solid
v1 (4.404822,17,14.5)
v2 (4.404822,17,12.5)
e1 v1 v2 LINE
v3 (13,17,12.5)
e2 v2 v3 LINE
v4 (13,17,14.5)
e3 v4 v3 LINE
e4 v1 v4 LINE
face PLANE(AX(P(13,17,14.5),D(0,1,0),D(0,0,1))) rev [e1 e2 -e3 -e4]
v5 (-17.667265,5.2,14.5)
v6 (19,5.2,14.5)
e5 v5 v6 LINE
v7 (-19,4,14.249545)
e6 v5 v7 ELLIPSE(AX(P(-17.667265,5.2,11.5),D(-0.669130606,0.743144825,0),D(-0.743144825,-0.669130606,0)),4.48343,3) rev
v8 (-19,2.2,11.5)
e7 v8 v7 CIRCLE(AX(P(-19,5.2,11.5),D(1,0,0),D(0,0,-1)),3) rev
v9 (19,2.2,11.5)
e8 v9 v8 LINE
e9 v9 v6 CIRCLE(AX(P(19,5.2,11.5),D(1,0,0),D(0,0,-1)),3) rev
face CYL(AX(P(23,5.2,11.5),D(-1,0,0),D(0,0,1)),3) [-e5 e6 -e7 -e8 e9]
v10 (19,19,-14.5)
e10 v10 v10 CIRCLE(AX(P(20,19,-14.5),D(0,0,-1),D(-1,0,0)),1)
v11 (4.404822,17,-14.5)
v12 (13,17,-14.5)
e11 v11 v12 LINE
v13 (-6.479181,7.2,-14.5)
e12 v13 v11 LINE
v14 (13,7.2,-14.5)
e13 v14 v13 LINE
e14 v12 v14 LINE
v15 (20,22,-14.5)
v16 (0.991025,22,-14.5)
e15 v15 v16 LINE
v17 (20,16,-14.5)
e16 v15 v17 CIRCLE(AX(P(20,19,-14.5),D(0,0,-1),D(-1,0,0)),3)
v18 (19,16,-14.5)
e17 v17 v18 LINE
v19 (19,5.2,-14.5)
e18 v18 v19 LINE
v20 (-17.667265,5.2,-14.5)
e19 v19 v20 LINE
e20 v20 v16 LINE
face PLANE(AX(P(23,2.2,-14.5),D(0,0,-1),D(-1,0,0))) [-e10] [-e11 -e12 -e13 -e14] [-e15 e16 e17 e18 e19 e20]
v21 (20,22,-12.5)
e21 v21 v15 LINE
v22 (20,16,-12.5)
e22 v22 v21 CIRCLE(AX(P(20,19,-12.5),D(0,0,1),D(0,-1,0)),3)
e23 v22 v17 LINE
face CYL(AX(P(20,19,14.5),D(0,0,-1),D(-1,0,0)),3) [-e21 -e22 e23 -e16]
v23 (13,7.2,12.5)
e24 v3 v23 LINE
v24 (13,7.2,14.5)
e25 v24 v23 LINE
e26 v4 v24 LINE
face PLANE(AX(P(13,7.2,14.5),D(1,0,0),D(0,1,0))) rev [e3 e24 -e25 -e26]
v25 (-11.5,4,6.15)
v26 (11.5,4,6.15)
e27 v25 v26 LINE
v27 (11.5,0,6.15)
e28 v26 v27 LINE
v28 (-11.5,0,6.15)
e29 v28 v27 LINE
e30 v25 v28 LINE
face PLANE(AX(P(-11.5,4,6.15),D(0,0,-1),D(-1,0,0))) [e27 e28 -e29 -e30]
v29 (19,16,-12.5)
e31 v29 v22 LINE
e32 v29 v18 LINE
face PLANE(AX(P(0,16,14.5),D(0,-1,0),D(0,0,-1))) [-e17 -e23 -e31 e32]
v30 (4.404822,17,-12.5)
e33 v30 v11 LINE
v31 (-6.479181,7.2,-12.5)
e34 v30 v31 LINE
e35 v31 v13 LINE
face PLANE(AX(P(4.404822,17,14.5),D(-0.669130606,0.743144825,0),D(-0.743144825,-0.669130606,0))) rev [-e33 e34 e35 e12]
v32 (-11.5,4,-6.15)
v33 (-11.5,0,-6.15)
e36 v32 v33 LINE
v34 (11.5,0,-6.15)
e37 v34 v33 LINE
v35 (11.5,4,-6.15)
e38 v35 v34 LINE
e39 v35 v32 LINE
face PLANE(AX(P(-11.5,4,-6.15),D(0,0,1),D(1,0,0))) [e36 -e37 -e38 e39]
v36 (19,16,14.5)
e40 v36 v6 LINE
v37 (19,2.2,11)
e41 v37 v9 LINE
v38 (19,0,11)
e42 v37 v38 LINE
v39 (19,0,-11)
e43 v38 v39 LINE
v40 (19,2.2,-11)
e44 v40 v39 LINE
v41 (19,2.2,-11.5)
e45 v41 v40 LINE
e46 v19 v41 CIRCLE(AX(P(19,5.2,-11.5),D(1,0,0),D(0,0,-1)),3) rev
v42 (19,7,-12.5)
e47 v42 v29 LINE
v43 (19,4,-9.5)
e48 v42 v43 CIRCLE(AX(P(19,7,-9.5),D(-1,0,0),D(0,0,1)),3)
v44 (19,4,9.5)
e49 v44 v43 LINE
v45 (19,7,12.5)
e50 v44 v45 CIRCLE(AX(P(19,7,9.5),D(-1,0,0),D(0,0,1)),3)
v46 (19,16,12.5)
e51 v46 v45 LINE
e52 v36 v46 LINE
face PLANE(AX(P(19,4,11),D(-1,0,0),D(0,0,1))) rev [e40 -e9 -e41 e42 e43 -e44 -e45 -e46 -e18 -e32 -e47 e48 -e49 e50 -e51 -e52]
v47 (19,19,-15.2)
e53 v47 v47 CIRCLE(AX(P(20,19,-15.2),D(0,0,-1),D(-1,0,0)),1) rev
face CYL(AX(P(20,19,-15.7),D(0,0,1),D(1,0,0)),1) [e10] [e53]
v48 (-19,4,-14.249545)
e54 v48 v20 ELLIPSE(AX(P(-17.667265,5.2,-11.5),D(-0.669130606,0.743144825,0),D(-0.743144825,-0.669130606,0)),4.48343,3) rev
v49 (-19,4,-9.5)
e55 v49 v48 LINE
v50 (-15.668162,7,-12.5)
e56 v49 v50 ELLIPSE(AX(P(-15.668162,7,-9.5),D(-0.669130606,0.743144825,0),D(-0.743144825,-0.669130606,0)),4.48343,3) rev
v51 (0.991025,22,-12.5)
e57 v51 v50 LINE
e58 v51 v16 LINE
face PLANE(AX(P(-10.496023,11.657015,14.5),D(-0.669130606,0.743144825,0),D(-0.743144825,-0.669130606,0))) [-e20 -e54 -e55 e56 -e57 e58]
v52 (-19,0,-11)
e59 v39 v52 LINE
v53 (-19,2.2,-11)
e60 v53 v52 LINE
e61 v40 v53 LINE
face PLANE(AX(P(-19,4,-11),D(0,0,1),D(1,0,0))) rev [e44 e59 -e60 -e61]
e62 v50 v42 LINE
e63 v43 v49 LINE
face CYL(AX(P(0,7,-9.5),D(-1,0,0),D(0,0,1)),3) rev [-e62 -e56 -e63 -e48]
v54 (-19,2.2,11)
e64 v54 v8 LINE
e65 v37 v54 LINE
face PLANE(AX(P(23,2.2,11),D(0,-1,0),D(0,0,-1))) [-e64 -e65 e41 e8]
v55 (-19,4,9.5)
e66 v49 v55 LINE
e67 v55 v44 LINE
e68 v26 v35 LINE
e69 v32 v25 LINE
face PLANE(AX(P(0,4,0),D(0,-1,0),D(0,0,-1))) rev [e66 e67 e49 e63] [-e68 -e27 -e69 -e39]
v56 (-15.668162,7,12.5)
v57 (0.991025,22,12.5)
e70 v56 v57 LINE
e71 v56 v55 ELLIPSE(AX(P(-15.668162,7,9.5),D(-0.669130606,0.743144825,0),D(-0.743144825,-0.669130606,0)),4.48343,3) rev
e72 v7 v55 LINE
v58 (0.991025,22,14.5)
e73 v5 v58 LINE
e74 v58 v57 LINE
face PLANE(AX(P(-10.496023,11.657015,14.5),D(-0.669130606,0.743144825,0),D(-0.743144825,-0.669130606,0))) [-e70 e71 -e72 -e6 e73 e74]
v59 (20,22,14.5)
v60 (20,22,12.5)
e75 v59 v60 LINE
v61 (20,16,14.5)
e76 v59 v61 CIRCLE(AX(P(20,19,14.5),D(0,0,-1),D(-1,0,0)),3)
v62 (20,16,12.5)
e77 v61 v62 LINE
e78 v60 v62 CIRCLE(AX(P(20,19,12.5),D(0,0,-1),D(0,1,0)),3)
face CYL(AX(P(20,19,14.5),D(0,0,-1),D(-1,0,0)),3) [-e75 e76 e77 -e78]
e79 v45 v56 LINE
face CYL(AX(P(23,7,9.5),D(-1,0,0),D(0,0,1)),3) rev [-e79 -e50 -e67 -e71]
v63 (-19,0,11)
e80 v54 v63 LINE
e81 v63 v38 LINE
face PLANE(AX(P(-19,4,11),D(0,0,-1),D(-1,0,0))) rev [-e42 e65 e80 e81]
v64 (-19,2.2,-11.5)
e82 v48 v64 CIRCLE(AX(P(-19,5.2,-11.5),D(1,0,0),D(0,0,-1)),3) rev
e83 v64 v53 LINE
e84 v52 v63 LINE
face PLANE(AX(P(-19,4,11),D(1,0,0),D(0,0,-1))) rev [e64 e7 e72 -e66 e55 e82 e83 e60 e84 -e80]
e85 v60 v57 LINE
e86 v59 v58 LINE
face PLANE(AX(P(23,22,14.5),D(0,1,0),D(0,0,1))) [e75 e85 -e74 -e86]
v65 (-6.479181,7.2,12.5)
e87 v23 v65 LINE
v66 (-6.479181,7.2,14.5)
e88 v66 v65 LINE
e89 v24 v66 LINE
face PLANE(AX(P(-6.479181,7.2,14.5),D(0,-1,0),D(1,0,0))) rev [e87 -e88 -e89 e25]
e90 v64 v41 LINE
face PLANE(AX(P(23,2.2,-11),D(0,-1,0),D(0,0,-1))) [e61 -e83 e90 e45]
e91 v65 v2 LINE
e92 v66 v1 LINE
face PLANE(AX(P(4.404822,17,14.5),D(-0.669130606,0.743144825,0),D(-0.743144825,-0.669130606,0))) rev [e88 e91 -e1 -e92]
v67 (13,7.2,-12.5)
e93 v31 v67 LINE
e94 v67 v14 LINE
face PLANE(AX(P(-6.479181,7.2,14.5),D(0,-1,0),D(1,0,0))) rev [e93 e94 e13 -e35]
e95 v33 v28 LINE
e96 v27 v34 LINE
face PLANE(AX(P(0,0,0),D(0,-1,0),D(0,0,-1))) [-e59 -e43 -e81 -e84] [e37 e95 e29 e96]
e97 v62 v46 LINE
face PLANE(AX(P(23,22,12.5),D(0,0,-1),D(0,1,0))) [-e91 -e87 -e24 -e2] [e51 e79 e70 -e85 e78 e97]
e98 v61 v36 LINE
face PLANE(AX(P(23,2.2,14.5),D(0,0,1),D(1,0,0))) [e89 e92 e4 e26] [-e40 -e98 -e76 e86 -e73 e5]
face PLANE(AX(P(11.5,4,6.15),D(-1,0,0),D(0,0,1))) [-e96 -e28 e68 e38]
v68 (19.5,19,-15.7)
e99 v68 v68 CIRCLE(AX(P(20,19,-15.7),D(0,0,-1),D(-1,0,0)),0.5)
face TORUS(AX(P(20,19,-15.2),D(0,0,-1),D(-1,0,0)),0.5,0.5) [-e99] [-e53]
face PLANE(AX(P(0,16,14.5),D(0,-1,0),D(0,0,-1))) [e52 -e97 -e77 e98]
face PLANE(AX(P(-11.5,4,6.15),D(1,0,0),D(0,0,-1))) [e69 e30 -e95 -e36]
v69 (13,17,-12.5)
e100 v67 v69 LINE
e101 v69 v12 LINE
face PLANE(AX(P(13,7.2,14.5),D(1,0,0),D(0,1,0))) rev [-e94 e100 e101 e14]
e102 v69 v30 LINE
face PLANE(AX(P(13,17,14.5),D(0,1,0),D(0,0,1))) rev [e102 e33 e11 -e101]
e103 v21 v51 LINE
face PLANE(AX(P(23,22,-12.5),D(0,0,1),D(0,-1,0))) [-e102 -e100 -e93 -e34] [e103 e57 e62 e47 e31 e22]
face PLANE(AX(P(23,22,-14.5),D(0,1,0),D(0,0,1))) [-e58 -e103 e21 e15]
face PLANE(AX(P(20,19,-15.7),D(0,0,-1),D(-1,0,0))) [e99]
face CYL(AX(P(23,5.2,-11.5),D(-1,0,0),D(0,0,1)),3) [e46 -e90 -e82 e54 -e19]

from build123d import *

# Parameters (mm, degrees)
SKETCH1_W           = 38
SKETCH1_H           = 22
SKETCH1_W_2         = 23
SKETCH1_H_2         = 12.3
BOSS_EXTRUDE1_DEPTH = 4
BOSS_EXTRUDE2_DEPTH = 42
FILLET1_R           = 3
SKETCH4_W           = 4
SKETCH4_H           = 4.046186486
CUT_EXTRUDE1_DEPTH  = 44.058100283
CUT_EXTRUDE2_DEPTH  = 44.058100283
SKETCH7_R           = 1
BOSS_EXTRUDE3_DEPTH = 1.2
FILLET2_R           = 0.5


with BuildPart() as part:
    # Sketch1 → Boss-Extrude1 (new body)
    with BuildSketch(Plane(origin=(0, 0, 0), x_dir=(1, 0, 0), z_dir=(0, 1, 0))):
        Rectangle(SKETCH1_W, SKETCH1_H)
        Rectangle(SKETCH1_W_2, SKETCH1_H_2, mode=Mode.SUBTRACT)
    extrude(amount=BOSS_EXTRUDE1_DEPTH)

    # Sketch2 → Boss-Extrude2 (add)
    with BuildSketch(Plane.ZY.offset(19)):
        Polygon((-11, 2.2), (-14.5, 2.2), (-14.5, 22), (-12.5, 22), (-12.5, 4), (-11, 4), align=None)
        Polygon((12.5, 4), (11, 4), (11, 2.2), (14.5, 2.2), (14.5, 22), (12.5, 22), align=None)
    extrude(amount=-BOSS_EXTRUDE2_DEPTH)

    # Fillet1
    fillet1_edges = [part.edges().sort_by_distance(p)[0] for p in [
        (2, 2.2, 14.5),
        (2, 2.2, -14.5),
        (2, 4, 12.5),
        (2, 4, -12.5),
    ]]
    fillet(fillet1_edges, radius=FILLET1_R)

    # Sketch4 → Cut-Extrude1 (cut, through all)
    with BuildSketch(Plane(origin=(0, 0, -14.5), x_dir=(-1, 0, 0), z_dir=(0, 0, -1))):
        with Locations((-21, 3.176906757)):
            Rectangle(SKETCH4_W, SKETCH4_H)
        with BuildLine():
            Line((-23, 5.2), (-19, 5.2))
            Line((-19, 5.2), (-19, 16))
            Line((-19, 16), (-20, 16))
            ThreePointArc((-20, 16), (-22.121320344, 16.878679656), (-23, 19))
            Line((-23, 19), (-23, 5.2))
        make_face()
        with BuildLine():
            ThreePointArc((-23, 19), (-22.121320344, 21.121320344), (-20, 22))
            Line((-20, 22), (-23, 22))
            Line((-23, 22), (-23, 19))
        make_face()
        Polygon((-0.991025267, 22), (17.667264982, 5.2), (19, 5.2), (19, 22), align=None)
        Polygon((17.667264982, 5.2), (19, 4), (19, 5.2), align=None)
    extrude(amount=-CUT_EXTRUDE1_DEPTH, mode=Mode.SUBTRACT)

    # Sketch6 → Cut-Extrude2 (cut, through all)
    with BuildSketch(Plane(origin=(0, 0, -14.5), x_dir=(-1, 0, 0), z_dir=(0, 0, -1))):
        Polygon((6.479180653, 7.2), (-13, 7.2), (-13, 17), (-4.404821992, 17), align=None)
    extrude(amount=-CUT_EXTRUDE2_DEPTH, mode=Mode.SUBTRACT)

    # Sketch7 → Boss-Extrude3 (add)
    with BuildSketch(Plane(origin=(0, 0, -14.5), x_dir=(-1, 0, 0), z_dir=(0, 0, -1))):
        with Locations((-20, 19)):
            Circle(SKETCH7_R)
    extrude(amount=BOSS_EXTRUDE3_DEPTH)

    # Fillet2
    fillet2_edges = [part.edges().sort_by_distance(p)[0] for p in [
        (21, 19, -15.7),
    ]]
    fillet(fillet2_edges, radius=FILLET2_R)


solid = part.part
